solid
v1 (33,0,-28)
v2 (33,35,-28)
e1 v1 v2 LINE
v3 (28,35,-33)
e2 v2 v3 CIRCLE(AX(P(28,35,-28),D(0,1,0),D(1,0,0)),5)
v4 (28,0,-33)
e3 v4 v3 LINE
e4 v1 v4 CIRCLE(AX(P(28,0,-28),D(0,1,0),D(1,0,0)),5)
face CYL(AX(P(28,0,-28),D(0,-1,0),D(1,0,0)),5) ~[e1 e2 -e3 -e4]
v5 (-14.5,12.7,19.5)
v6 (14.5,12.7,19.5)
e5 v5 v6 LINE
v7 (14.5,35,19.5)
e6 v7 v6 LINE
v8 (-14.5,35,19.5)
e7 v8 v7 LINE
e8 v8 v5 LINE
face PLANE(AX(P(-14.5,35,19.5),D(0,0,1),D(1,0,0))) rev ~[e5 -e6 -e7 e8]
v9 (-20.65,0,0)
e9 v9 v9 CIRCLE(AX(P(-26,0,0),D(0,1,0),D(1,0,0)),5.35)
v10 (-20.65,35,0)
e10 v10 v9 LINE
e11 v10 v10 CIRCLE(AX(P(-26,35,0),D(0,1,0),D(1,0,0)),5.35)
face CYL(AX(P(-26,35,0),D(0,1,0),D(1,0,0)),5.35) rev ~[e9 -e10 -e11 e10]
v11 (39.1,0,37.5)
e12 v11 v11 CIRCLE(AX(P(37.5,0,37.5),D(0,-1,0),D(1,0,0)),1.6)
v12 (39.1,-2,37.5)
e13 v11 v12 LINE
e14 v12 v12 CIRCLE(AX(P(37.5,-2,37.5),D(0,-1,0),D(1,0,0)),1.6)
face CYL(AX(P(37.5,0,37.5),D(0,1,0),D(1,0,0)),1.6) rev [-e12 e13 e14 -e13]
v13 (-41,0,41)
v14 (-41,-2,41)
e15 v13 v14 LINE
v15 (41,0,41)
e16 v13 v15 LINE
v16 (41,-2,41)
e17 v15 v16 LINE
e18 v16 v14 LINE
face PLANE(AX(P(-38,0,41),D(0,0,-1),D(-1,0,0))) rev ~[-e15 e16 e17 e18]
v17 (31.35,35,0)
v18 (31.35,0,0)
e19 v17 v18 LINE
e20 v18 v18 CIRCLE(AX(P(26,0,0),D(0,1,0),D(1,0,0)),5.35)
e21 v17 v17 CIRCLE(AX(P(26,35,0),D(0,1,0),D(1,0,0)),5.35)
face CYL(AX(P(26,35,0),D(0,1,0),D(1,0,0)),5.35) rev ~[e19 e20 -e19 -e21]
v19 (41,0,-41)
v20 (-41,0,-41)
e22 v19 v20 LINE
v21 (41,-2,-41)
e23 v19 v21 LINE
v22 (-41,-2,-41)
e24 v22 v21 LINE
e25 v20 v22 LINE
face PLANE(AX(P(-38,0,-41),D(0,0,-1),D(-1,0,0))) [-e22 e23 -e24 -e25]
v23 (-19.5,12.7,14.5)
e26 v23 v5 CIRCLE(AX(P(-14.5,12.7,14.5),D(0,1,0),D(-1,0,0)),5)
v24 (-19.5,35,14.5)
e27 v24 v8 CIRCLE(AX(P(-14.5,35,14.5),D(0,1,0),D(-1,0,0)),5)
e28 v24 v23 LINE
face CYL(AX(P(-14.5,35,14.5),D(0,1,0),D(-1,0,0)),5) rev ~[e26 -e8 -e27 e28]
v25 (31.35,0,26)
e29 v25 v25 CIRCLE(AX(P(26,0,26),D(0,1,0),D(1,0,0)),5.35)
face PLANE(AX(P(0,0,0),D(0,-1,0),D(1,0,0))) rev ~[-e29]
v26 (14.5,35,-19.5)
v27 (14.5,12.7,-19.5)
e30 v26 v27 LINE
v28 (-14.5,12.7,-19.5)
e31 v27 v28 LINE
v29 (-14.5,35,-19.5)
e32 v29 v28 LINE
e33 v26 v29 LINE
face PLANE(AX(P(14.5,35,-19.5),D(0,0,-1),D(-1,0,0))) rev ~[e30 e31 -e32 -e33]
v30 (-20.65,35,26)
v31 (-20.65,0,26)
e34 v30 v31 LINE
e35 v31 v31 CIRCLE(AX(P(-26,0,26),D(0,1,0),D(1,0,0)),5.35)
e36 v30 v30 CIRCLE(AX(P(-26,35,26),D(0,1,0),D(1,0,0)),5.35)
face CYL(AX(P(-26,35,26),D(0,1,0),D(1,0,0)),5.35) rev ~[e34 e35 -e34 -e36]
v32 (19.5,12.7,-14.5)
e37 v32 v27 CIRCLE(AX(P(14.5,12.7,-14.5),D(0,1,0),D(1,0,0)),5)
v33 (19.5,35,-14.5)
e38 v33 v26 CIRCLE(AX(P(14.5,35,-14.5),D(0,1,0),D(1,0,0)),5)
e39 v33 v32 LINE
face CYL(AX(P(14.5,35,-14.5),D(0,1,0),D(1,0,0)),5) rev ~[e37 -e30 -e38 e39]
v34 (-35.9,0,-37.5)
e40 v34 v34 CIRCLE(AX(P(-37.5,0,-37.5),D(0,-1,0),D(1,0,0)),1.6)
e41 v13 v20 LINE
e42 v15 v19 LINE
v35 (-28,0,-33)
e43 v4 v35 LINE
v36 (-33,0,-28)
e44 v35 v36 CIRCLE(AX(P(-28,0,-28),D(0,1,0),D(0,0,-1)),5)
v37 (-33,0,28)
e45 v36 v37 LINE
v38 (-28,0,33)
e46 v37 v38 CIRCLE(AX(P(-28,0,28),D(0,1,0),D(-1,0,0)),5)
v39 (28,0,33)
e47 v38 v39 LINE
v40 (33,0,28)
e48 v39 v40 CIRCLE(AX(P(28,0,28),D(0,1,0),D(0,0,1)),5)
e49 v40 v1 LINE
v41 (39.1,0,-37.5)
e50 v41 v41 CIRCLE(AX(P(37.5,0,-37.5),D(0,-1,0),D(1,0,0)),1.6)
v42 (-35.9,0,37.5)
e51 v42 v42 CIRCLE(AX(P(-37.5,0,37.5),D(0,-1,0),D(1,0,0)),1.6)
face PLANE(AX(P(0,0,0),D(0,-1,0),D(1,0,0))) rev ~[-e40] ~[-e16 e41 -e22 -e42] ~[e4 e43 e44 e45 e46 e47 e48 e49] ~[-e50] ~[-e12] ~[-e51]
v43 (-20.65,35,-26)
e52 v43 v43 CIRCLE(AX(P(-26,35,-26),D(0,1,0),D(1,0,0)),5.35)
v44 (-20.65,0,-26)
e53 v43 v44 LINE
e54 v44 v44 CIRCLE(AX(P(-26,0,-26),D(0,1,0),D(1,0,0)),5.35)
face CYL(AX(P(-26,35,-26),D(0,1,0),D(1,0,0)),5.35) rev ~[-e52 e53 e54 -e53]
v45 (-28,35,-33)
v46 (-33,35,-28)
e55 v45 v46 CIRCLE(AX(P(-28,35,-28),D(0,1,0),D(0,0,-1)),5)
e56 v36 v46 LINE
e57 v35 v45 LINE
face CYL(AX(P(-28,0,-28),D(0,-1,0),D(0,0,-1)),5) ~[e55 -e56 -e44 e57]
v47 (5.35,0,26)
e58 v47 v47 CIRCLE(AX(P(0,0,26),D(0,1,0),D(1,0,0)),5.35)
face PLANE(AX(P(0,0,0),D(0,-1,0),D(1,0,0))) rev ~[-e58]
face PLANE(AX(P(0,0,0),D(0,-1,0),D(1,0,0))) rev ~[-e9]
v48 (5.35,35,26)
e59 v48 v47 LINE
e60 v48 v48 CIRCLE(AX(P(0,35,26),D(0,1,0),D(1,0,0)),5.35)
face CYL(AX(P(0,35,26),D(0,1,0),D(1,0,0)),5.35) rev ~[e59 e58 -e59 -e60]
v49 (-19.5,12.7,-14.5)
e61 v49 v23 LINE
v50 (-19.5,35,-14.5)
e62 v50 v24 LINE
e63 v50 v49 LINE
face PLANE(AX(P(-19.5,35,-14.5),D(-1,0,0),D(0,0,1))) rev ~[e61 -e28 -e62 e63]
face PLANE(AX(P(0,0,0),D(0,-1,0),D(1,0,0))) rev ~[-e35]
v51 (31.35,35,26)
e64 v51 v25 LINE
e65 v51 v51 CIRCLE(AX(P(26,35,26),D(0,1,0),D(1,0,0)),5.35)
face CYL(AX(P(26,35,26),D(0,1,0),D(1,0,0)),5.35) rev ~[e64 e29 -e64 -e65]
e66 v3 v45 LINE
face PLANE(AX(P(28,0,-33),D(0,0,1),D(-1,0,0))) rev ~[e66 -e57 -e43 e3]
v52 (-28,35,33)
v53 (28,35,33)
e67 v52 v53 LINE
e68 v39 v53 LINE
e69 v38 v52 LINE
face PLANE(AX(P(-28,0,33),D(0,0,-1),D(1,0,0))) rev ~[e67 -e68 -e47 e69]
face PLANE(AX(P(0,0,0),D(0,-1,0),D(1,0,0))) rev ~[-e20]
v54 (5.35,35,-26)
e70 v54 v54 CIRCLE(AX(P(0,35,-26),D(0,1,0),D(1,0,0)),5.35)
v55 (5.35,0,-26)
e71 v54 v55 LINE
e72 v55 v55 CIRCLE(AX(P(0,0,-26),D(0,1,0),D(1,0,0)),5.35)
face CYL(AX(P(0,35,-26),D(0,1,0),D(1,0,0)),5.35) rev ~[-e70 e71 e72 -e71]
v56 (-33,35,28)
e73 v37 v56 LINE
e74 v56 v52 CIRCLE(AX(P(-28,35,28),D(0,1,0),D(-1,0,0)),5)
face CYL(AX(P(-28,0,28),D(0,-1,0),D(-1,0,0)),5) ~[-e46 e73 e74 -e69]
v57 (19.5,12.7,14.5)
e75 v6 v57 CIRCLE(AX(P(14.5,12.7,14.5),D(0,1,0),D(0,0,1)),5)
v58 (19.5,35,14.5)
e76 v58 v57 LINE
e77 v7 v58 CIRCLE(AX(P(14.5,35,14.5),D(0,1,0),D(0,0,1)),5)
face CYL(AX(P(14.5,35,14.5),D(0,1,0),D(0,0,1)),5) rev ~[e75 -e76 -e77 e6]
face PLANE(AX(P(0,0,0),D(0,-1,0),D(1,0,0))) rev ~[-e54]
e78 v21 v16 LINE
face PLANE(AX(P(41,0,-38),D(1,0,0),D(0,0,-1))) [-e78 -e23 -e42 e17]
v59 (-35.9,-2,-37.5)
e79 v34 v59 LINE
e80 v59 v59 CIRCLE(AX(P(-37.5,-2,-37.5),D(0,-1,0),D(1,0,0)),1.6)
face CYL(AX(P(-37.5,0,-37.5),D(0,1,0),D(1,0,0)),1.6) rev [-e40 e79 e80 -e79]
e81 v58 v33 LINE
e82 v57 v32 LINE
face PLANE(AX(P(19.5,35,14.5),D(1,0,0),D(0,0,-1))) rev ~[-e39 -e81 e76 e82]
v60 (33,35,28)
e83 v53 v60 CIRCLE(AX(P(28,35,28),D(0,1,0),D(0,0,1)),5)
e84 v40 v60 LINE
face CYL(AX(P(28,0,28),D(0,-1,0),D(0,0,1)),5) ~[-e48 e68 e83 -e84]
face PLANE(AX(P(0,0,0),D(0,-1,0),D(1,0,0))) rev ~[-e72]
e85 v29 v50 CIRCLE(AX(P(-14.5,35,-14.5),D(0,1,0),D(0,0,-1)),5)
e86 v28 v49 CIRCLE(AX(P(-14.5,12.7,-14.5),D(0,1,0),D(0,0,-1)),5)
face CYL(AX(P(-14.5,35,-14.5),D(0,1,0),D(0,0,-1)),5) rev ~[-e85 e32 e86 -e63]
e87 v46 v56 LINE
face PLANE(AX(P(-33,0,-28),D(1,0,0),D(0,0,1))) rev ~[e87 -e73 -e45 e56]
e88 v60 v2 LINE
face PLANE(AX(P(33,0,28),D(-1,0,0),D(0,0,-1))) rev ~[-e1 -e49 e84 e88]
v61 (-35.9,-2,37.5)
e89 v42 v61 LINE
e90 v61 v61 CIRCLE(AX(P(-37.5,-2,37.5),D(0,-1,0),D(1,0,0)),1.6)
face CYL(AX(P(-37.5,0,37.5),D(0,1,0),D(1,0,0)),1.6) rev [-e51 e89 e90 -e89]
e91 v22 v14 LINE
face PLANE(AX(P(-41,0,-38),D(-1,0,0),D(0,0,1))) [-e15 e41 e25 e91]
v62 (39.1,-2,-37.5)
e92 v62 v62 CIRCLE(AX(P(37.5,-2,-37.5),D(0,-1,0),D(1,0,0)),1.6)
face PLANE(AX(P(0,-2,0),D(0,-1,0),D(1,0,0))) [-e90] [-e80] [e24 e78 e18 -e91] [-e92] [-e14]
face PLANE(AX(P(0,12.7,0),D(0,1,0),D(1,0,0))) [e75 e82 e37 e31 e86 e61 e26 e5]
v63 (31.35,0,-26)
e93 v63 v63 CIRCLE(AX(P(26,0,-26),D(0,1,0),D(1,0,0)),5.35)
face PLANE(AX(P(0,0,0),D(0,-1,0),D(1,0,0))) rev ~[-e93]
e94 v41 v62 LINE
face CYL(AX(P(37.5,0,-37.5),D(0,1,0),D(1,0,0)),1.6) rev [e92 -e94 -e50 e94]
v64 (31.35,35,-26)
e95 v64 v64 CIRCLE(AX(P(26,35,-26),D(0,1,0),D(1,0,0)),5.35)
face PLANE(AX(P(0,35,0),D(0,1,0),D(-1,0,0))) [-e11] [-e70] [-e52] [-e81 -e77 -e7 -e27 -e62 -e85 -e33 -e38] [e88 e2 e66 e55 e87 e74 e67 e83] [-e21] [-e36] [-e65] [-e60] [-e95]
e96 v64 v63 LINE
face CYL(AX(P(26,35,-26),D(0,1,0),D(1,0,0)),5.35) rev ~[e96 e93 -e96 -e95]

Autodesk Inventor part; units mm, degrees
ref_plane "YZ Plane" through (0, 0, 0) normal (1, 0, 0) x (0, 1, 0)
ref_plane "XZ Plane" through (0, 0, 0) normal (0, 1, 0) x (-1, 0, 0)
ref_plane "XY Plane" through (0, 0, 0) normal (0, 0, 1) x (1, 0, 0)
sketch "Sketch1" plane through (0, 0, 0) normal (0, 1, 0) x (-1, 0, 0)
  line L0 (28, 33) -> (-28, 33)
  line L1 (-33, 28) -> (-33, -28)
  line L2 (-28, -33) -> (28, -33)
  line L3 (33, -28) -> (33, 28)
  line L4 (33, 33) -> (-33, -33) construction
  line L5 (-33, 33) -> (33, -33) construction
  arc A0 (28, -33) -> (33, -28) centre (28, -28) ccw
  arc A1 (33, 28) -> (28, 33) centre (28, 28) ccw
  arc A2 (-28, 33) -> (-33, 28) centre (-28, 28) ccw
  arc A3 (-33, -28) -> (-28, -33) centre (-28, -28) ccw
  point P0 (0, 0)
  dimension "d0" = 66
  dimension "d1" = 66
  dimension "d4" = 5
extrude "Extrusion1" add sketch "Sketch1" along normal blind 35
sketch "Sketch2" plane through (0, 35, 0) normal (0, 1, 0) x (1, 0, 0)
  line L0 (0, 0) -> (-10, 0)
  line L1 (0, 0) -> (0, -10)
  circle A0 centre (26, 26) radius 5.35
  circle A1 centre (0, 26) radius 5.35
  circle A2 centre (-26, 26) radius 5.35
  circle A3 centre (26, 0) radius 5.35
  circle A4 centre (0, 0) radius 5.35
  circle A5 centre (-26, 0) radius 5.35
  circle A6 centre (26, -26) radius 5.35
  circle A7 centre (0, -26) radius 5.35
  circle A8 centre (-26, -26) radius 5.35
  dimension "d8" = 10
  dimension "d9" = 10
  dimension "d10" = 10.7
  dimension "d11" = 26
  dimension "d12" = 26
  dimension "d15" = 26
  dimension "d18" = 26
extrude "Extrusion2" cut sketch "Sketch2" against normal blind 35 contours A0 | A1 | A2 | A3 | A5 | A6 | A7 | A8
sketch "Sketch3" plane through (0, 35, 0) normal (0, 1, 0) x (1, 0, 0)
  line L0 (-14.5, -19.5) -> (14.5, -19.5)
  line L1 (19.5, -14.5) -> (19.5, 14.5)
  line L2 (14.5, 19.5) -> (-14.5, 19.5)
  line L3 (-19.5, 14.5) -> (-19.5, -14.5)
  line L4 (-19.5, -19.5) -> (19.5, 19.5) construction
  line L5 (19.5, -19.5) -> (-19.5, 19.5) construction
  arc A0 (-14.5, 19.5) -> (-19.5, 14.5) centre (-14.5, 14.5) ccw
  arc A1 (-19.5, -14.5) -> (-14.5, -19.5) centre (-14.5, -14.5) ccw
  arc A2 (14.5, -19.5) -> (19.5, -14.5) centre (14.5, -14.5) ccw
  arc A3 (19.5, 14.5) -> (14.5, 19.5) centre (14.5, 14.5) ccw
  point P0 (0, 0)
  dimension "d23" = 39
  dimension "d24" = 39
  dimension "d25" = 5
extrude "Extrusion3" cut sketch "Sketch3" against normal blind 22.3
sketch "Sketch4" plane through (0, 0, 0) normal (0, -1, 0) x (1, 0, 0)
  line L0 (37.5, 37.5) -> (-37.5, -37.5) construction
  line L1 (-37.5, 37.5) -> (37.5, -37.5) construction
  line L2 (-41, -38) -> (-41, 38)
  line L3 (41, -41) -> (-41, 41) construction
  line L4 (-41, -41) -> (41, 41) construction
  circle A0 centre (-37.5, 37.5) radius 1.6
  line L5 (38, 41) -> (-38, 41)
  line L6 (-38, -41) -> (38, -41)
  line L7 (41, -38) -> (41, 38)
  line L8 (41, 41) -> (-41, -41) construction
  line L9 (-41, 41) -> (41, -41) construction
  circle A1 centre (-37.5, -37.5) radius 1.6
  circle A2 centre (37.5, 37.5) radius 1.6
  circle A3 centre (37.5, -37.5) radius 1.6
  line L10 (-41, -38) -> (-41, -41)
  line L11 (-38, -41) -> (-41, -41)
  line L12 (-41, 38) -> (-41, 41)
  line L13 (-38, 41) -> (-41, 41)
  line L14 (38, 41) -> (41, 41)
  line L15 (41, 38) -> (41, 41)
  line L16 (41, -38) -> (41, -41)
  line L17 (41, -41) -> (38, -41)
  point P0 (0, 0)
  dimension "d28" = 75
  dimension "d29" = 75
  dimension "d31" = 82
  dimension "d56" = 3.2
  dimension "d68" = 75
  dimension "d71" = 75
extrude "Extrusion4" add sketch "Sketch4" along normal blind 2
properties part number "Aluminium Container" material "Aluminum 6061"
